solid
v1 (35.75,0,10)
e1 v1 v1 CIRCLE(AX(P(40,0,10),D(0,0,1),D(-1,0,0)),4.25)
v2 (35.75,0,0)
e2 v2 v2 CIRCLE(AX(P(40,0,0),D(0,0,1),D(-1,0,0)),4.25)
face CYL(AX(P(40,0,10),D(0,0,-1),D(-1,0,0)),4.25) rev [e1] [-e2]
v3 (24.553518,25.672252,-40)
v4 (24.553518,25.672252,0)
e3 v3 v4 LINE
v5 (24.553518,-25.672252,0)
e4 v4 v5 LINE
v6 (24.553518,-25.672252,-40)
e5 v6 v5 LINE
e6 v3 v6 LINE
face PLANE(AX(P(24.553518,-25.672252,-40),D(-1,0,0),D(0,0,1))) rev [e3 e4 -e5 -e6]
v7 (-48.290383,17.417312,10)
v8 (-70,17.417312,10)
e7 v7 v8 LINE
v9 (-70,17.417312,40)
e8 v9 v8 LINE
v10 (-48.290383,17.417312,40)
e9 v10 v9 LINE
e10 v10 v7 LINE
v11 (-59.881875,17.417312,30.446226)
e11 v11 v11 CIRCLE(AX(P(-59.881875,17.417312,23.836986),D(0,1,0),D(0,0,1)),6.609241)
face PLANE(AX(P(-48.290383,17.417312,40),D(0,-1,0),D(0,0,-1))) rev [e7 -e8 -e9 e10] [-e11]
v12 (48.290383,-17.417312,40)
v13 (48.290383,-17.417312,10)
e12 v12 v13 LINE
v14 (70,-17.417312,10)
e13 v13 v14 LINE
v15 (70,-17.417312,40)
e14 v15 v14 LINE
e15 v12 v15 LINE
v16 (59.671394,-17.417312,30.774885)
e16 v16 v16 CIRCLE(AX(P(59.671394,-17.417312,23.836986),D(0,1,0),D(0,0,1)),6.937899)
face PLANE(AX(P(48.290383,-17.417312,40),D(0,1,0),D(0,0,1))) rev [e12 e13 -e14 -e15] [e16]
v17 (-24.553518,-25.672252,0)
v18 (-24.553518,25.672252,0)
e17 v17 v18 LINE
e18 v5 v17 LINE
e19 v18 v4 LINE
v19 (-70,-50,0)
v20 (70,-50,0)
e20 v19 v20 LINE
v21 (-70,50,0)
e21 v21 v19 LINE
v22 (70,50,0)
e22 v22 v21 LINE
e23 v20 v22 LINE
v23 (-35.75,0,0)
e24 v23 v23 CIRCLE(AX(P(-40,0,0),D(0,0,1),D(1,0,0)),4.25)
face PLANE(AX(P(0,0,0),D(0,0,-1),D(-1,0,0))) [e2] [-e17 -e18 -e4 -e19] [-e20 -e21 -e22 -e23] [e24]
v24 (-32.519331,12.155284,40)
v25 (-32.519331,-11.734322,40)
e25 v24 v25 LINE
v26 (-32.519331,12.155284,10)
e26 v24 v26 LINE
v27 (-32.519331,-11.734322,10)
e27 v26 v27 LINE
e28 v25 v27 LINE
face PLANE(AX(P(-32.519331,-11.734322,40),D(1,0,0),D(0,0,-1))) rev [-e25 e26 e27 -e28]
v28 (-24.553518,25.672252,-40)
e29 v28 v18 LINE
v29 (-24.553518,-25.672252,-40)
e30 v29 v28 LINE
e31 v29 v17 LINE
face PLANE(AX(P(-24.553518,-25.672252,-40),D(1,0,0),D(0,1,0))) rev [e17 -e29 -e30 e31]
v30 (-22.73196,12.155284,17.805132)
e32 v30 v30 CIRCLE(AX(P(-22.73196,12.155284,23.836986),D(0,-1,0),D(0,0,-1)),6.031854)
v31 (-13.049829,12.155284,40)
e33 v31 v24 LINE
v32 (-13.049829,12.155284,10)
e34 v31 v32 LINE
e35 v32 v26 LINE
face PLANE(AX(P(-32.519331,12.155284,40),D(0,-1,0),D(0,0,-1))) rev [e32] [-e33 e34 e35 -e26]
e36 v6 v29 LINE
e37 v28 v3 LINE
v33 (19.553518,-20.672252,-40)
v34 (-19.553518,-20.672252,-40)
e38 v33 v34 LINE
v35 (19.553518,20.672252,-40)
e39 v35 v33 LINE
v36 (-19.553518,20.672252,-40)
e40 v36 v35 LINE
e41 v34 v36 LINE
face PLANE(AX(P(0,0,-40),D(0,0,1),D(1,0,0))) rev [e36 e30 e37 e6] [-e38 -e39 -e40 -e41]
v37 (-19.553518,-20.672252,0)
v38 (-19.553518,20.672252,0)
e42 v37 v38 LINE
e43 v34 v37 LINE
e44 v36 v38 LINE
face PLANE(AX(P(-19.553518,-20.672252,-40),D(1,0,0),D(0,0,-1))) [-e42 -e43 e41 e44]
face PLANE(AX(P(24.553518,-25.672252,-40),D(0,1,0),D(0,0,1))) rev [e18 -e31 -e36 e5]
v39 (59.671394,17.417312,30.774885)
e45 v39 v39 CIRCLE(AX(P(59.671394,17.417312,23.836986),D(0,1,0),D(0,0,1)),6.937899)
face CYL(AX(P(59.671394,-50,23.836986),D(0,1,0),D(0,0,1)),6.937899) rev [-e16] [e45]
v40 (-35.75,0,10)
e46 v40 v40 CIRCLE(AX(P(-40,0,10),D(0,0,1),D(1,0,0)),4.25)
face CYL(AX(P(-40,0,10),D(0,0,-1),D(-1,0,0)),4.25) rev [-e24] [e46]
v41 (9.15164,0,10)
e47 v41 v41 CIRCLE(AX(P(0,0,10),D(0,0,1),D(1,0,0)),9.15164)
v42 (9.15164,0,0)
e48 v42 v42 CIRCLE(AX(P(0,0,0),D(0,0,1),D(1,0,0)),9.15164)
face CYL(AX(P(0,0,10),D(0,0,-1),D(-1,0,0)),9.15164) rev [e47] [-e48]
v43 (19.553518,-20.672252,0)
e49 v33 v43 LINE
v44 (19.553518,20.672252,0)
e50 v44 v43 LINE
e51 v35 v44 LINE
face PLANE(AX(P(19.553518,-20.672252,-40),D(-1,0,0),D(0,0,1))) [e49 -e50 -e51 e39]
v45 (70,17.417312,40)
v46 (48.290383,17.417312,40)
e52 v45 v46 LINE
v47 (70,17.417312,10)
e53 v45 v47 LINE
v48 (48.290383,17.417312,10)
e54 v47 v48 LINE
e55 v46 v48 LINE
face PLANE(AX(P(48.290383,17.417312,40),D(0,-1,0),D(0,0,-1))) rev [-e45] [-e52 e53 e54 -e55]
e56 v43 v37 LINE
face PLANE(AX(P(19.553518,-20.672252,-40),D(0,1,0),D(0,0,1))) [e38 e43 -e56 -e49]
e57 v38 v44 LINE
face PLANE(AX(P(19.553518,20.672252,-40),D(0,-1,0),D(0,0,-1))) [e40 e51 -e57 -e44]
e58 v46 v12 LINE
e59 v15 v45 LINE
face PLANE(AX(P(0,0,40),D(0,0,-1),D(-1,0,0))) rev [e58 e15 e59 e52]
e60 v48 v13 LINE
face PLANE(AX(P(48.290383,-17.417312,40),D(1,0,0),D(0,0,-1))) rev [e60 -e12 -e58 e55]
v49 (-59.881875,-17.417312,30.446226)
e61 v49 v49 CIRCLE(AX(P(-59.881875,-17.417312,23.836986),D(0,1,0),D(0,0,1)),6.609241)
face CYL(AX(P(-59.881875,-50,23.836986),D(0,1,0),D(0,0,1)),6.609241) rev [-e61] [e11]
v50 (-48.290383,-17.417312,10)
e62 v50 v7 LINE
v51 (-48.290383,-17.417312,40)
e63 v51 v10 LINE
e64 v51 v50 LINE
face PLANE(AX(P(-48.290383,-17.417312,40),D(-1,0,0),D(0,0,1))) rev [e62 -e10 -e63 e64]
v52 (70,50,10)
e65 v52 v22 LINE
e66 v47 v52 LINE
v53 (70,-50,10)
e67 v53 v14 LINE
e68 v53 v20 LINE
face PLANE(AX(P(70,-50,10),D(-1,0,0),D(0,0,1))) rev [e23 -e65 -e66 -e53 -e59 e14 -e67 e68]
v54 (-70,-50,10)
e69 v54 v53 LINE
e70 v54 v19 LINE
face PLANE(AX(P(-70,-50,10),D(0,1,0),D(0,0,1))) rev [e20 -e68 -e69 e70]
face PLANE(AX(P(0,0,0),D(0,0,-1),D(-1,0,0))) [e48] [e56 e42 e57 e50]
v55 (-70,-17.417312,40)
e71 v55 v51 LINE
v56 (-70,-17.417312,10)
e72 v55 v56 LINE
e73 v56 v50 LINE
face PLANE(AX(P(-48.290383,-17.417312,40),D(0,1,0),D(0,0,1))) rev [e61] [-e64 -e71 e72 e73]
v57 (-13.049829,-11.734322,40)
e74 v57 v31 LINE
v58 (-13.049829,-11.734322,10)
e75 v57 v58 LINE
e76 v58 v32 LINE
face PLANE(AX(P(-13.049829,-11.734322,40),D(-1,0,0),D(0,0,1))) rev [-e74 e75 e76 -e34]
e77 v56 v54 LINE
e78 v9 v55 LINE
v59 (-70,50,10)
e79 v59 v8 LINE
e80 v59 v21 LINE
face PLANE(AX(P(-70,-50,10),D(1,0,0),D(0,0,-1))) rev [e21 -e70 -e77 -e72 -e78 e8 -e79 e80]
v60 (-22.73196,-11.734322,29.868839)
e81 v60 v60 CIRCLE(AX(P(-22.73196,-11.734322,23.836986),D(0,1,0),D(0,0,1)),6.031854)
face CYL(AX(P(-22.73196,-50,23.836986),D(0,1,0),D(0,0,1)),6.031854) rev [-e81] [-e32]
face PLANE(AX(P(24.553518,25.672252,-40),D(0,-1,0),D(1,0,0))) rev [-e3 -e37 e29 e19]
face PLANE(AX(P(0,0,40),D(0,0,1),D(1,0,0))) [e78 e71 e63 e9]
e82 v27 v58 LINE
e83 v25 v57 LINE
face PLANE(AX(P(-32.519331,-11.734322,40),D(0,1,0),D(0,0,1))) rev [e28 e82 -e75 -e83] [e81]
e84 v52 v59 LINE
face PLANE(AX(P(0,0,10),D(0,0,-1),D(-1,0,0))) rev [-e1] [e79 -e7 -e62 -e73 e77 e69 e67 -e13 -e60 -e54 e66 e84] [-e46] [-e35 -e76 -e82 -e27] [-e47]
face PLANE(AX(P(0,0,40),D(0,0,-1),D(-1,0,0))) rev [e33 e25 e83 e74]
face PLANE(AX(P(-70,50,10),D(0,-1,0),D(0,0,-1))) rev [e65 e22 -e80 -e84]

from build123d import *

# Parameters (mm, degrees)
ESQUISSE1_W             = 140
ESQUISSE1_H             = 100
ESQUISSE1_R             = 4.25
ESQUISSE1_R_2           = 9.151639609
BOSS_EXTRU_1_DEPTH      = 10
ESQUISSE2_W             = 49.107036246
ESQUISSE2_H             = 51.344503494
ESQUISSE2_W_2           = 39.107036246
ESQUISSE2_H_2           = 41.344503494
BOSS_EXTRU_2_DEPTH      = 40
ESQUISSE3_W             = 21.709616914
ESQUISSE3_H             = 34.834623488
ESQUISSE3_W_2           = 19.469502637
ESQUISSE3_H_2           = 23.889605939
BOSS_EXTRU_3_DEPTH      = 30
ESQUISSE4_R             = 6.609240876
ESQUISSE4_R_2           = 6.031853903
ESQUISSE4_R_3           = 6.937899237
ENL_V_MAT_EXTRU_1_DEPTH = 106.095641788


with BuildPart() as part:
    # Esquisse1 → Boss.-Extru.1 (new body)
    with BuildSketch(Plane.XY):
        Rectangle(ESQUISSE1_W, ESQUISSE1_H)
        with Locations((-40, 0)):
            Circle(ESQUISSE1_R, mode=Mode.SUBTRACT)
        with Locations(Location((40, 0, 0), (0, 0, 180))):
            Circle(ESQUISSE1_R, mode=Mode.SUBTRACT)
        Circle(ESQUISSE1_R_2, mode=Mode.SUBTRACT)
    extrude(amount=BOSS_EXTRU_1_DEPTH)

    # Esquisse2 → Boss.-Extru.2 (add)
    with BuildSketch(Plane(origin=(0, 0, 0), x_dir=(-1, 0, 0), z_dir=(0, 0, -1))):
        Rectangle(ESQUISSE2_W, ESQUISSE2_H)
        Rectangle(ESQUISSE2_W_2, ESQUISSE2_H_2, mode=Mode.SUBTRACT)
    extrude(amount=BOSS_EXTRU_2_DEPTH)

    # Esquisse3 → Boss.-Extru.3 (add)
    with BuildSketch(Plane.XY.offset(10)):
        with Locations((-59.145191543, 0)):
            Rectangle(ESQUISSE3_W, ESQUISSE3_H)
        with Locations((59.145191543, 0)):
            Rectangle(ESQUISSE3_W, ESQUISSE3_H)
        with Locations((-22.784580114, 0.210481109)):
            Rectangle(ESQUISSE3_W_2, ESQUISSE3_H_2)
    extrude(amount=BOSS_EXTRU_3_DEPTH)

    # Esquisse4 → Enlèv. mat.-Extru.1 (cut, through all)
    with BuildSketch(Plane(origin=(0, 17.417311744, 0), x_dir=(1, 0, 0), z_dir=(0, 1, 0))):
        with Locations(Location((-59.881875423, -23.83698556, 0), (0, 0, 270))):
            Circle(ESQUISSE4_R)
        with Locations(Location((-22.731959739, -23.83698556, 0), (0, 0, 270))):
            Circle(ESQUISSE4_R_2)
        with Locations(Location((59.671394315, -23.83698556, 0), (0, 0, 270))):
            Circle(ESQUISSE4_R_3)
    extrude(amount=-ENL_V_MAT_EXTRU_1_DEPTH, mode=Mode.SUBTRACT)


solid = part.part
